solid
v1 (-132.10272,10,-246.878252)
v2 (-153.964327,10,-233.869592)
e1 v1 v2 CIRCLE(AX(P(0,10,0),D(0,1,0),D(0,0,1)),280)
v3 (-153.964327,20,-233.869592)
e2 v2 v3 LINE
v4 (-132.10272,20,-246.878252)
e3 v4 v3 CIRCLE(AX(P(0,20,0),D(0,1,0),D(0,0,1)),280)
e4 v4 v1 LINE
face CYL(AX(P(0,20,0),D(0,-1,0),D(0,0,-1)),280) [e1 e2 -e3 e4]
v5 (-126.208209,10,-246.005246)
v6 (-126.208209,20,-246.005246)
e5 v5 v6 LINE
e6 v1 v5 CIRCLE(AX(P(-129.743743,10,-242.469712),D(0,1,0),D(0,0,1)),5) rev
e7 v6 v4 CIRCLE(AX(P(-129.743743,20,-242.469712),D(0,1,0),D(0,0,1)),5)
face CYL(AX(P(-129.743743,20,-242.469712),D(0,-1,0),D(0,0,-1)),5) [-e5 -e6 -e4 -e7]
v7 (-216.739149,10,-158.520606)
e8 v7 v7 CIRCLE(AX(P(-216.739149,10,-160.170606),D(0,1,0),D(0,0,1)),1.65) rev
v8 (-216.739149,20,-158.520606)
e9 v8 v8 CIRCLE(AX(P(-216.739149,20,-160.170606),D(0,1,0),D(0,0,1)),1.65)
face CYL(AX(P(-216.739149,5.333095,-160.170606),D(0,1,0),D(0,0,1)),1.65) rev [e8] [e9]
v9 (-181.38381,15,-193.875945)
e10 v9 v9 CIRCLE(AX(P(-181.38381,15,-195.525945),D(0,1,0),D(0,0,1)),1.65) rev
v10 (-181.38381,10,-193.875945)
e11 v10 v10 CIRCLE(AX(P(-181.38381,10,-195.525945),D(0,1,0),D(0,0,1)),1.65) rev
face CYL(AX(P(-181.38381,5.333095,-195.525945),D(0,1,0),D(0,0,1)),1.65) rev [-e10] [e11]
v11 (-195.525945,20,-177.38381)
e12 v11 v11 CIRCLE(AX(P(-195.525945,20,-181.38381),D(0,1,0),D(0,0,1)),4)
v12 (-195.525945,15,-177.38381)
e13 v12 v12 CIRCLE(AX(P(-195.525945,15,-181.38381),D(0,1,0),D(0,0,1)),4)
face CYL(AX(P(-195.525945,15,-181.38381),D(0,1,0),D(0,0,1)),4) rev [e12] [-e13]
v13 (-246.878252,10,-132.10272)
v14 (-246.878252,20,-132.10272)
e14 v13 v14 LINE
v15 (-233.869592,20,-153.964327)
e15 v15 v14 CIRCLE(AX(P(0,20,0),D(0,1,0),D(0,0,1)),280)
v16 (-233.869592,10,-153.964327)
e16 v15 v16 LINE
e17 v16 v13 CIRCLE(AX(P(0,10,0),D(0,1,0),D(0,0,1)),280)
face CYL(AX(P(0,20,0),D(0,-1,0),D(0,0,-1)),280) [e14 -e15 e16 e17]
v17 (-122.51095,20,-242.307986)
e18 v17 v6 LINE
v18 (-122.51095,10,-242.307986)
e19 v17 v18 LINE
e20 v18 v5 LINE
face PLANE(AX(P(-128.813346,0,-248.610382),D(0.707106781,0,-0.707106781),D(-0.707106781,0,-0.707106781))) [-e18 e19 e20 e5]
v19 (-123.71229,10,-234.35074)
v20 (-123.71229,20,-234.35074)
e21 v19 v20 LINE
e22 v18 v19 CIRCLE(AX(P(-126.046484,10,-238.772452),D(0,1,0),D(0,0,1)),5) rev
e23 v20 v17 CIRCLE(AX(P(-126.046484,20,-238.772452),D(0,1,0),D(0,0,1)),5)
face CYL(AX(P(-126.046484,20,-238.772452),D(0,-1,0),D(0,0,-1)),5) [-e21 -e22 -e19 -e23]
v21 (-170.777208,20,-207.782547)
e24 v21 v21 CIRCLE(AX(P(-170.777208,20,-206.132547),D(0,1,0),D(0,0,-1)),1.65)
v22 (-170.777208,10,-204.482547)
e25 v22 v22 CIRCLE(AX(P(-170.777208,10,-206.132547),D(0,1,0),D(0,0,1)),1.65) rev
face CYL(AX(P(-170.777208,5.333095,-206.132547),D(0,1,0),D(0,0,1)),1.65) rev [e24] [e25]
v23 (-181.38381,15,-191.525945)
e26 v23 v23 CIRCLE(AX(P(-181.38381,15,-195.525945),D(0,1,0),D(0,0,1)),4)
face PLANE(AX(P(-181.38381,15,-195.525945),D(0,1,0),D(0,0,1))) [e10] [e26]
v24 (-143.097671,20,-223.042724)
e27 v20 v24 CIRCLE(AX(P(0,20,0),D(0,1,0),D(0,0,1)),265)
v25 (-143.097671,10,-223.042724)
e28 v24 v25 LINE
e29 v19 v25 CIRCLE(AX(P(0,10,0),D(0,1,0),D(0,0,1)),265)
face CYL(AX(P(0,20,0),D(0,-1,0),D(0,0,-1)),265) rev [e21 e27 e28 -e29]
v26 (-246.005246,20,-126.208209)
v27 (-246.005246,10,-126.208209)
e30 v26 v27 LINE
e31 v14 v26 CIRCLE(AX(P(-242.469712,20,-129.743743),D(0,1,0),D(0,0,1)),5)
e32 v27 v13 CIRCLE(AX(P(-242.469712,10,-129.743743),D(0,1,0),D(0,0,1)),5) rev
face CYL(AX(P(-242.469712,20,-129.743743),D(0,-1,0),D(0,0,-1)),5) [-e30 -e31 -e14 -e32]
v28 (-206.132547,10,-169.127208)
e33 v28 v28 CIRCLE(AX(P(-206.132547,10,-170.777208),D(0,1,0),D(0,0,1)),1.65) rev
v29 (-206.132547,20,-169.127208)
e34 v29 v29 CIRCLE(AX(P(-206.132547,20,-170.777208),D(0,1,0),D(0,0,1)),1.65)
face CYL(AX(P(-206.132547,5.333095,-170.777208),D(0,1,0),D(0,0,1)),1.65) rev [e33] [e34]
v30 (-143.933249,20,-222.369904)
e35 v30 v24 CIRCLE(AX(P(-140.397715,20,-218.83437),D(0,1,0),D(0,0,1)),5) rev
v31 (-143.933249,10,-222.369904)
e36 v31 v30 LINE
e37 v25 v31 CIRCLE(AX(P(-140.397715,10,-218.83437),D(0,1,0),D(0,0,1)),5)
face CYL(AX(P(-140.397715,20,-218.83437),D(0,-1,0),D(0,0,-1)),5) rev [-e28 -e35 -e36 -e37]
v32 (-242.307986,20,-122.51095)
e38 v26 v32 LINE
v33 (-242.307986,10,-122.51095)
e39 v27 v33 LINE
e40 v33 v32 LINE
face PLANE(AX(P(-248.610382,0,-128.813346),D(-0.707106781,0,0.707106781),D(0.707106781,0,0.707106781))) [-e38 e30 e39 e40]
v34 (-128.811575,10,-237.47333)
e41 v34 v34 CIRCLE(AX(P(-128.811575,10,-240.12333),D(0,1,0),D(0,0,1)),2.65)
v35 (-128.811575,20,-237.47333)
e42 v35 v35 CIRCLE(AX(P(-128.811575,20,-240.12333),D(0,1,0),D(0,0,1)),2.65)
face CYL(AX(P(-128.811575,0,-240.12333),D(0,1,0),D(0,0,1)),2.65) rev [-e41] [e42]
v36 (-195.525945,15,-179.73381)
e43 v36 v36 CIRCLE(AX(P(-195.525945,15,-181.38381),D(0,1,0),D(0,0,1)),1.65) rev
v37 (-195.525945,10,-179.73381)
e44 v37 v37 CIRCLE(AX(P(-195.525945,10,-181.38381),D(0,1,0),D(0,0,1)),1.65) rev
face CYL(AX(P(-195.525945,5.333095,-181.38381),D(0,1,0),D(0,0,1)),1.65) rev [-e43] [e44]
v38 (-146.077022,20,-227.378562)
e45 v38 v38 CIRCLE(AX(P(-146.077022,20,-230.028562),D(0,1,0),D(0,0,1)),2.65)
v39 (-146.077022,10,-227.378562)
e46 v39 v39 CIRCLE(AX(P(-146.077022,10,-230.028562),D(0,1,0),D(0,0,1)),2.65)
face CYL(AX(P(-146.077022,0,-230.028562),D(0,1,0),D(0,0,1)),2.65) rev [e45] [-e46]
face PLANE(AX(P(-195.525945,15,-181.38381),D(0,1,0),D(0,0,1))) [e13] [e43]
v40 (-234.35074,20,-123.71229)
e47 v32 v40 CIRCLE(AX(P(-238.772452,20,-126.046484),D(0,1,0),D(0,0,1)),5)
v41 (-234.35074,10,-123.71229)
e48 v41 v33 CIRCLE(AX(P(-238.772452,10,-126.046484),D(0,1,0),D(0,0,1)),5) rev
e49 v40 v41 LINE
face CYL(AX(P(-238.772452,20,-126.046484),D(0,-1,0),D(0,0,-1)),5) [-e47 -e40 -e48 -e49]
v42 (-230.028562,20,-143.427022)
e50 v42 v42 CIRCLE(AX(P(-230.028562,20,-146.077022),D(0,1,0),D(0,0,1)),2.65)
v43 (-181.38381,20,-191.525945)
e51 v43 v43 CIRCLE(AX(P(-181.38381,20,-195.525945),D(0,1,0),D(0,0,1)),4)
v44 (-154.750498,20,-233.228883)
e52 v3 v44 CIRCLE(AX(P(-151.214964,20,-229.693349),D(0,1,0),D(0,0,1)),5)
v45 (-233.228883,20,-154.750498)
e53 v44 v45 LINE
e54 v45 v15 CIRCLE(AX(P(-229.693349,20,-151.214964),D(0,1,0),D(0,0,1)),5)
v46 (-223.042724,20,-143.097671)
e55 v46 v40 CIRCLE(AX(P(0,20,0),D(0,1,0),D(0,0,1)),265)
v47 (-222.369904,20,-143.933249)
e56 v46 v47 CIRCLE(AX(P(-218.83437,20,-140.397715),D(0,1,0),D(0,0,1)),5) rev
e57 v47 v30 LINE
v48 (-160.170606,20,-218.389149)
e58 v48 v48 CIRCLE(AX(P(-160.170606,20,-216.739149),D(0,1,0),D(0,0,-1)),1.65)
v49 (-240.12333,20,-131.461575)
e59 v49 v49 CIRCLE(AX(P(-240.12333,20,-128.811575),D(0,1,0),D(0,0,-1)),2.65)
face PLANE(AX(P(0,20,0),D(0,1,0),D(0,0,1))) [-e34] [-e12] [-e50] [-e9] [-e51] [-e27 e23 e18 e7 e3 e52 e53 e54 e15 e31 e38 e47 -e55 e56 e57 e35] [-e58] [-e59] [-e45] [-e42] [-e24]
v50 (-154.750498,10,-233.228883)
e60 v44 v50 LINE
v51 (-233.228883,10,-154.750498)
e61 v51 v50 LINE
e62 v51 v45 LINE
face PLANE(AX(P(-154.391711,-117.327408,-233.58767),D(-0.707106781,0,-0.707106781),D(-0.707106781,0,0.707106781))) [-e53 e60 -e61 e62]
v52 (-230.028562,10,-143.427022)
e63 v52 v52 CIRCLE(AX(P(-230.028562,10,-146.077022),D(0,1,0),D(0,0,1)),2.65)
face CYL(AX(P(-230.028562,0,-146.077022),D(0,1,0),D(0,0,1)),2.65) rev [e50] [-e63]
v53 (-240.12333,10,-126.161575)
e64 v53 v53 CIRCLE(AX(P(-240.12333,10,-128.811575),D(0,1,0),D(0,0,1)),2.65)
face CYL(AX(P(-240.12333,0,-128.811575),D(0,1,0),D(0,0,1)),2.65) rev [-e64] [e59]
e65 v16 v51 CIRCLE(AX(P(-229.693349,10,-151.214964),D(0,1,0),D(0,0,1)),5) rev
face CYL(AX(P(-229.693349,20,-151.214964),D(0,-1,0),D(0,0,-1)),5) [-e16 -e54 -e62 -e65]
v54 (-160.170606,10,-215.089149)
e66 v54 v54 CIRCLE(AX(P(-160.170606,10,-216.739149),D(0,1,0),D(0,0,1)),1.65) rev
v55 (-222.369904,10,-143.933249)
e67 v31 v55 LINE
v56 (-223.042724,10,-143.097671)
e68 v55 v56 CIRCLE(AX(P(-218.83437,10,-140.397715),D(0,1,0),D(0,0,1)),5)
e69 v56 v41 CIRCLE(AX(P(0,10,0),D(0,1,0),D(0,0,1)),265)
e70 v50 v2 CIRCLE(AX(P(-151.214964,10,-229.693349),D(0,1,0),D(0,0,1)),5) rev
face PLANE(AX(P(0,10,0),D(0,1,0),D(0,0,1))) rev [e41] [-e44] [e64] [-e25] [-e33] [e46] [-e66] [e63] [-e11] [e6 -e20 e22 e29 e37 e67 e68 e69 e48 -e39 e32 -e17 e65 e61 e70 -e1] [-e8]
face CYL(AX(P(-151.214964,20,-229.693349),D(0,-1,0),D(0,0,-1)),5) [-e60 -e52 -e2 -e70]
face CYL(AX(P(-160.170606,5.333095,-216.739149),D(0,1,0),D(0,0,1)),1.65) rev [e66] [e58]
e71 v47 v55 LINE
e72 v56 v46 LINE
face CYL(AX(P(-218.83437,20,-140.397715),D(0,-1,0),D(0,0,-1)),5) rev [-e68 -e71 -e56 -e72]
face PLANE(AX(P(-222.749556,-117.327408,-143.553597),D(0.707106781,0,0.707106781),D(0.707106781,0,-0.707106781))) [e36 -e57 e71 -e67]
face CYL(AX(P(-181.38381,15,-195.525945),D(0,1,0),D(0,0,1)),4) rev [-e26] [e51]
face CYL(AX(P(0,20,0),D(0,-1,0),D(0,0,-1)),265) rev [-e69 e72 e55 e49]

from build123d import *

# Parameters (mm, degrees)
SKETCH_1_R               = 275
SKETCH_1_R_2             = 255
EXTRUDE_1_DEPTH          = 10
EXTRUDE_2_DEPTH          = 10
SKETCH_8_R               = 2.65
SKETCH_8_R_2             = 1.65
SKETCH_8_R_3             = 2.15
CUT_EXTRUDE_1_DEPTH      = 21
SKETCH_9_OUTSIDE_W       = 707.614
SKETCH_9_OUTSIDE_H       = 707.614
CUT_EXTRUDE_2_DEPTH      = 21
SKETCH_10_W              = 777.504065726
SKETCH_10_H              = 20
CUT_EXTRUDE_3_DEPTH      = 276
CUT_EXTRUDE_3_DEPTH_BACK = 276
EXTRUDE_3_DEPTH          = 10
CUT_EXTRUDE_4_DEPTH      = 10
SKETCH_13_R              = 1.65
CUT_EXTRUDE_5_DEPTH      = 10
CUT_EXTRUDE_START        = -10
SKETCH_14_R              = 4
CUT_EXTRUDE_6_DEPTH      = 5
FILLET_1_R               = 5


with BuildPart() as part:
    # 草图1 → 凸台-拉伸1 (new body)
    with BuildSketch(Plane(origin=(0, 0, 0), x_dir=(1, 0, 0), z_dir=(0, 1, 0))):
        Circle(SKETCH_1_R)
        Circle(SKETCH_1_R_2, mode=Mode.SUBTRACT)
    extrude(amount=EXTRUDE_1_DEPTH)

    # 草图10 → 切除-拉伸3 (cut, two sides)
    with BuildSketch(Plane.XY) as cut_extrude_3_sk:
        Rectangle(SKETCH_10_W, SKETCH_10_H)
    extrude(amount=CUT_EXTRUDE_3_DEPTH, mode=Mode.SUBTRACT)
    extrude(cut_extrude_3_sk.sketch, amount=-CUT_EXTRUDE_3_DEPTH_BACK, mode=Mode.SUBTRACT)


with BuildPart() as body_2:
    # 草图2 → 凸台-拉伸2 (new body)
    with BuildSketch(Plane(origin=(0, 10, 0), x_dir=(1, 0, 0), z_dir=(0, 1, 0))):
        with BuildLine():
            Line((-110.525139894, 257.262887824), (-25.423255477, 200))
            Line((-25.423255477, 200), (0, 200))
            Line((0, 200), (25.423255477, 200))
            Line((25.423255477, 200), (110.525139894, 257.262887824))
            ThreePointArc((110.525139894, 257.262887824), (197.989898732, 197.989898732), (257.262887824, 110.525139894))
            Line((257.262887824, 110.525139894), (200, 25.423255477))
            Line((200, 25.423255477), (200, 0))
            Line((200, 0), (200, -25.423255477))
            Line((200, -25.423255477), (257.262887824, -110.525139894))
            ThreePointArc((257.262887824, -110.525139894), (197.989898732, -197.989898732), (110.525139894, -257.262887824))
            Line((110.525139894, -257.262887824), (25.423255477, -200))
            Line((25.423255477, -200), (0, -200))
            Line((0, -200), (-25.423255477, -200))
            Line((-25.423255477, -200), (-110.525139894, -257.262887824))
            ThreePointArc((-110.525139894, -257.262887824), (-197.989898732, -197.989898732), (-257.262887824, -110.525139894))
            Line((-257.262887824, -110.525139894), (-200, -25.423255477))
            Line((-200, -25.423255477), (-200, 25.423255477))
            Line((-200, 25.423255477), (-257.262887824, 110.525139894))
            ThreePointArc((-257.262887824, 110.525139894), (-197.989898732, 197.989898732), (-110.525139894, 257.262887824))
        make_face()
        with BuildLine():
            Line((0, 185), (30, 185))
            Line((30, 185), (111.993839361, 240.171563565))
            ThreePointArc((111.993839361, 240.171563565), (187.383297014, 187.383297014), (240.171563565, 111.993839361))
            Line((240.171563565, 111.993839361), (185, 30))
            Line((185, 30), (185, 0))
            Line((185, 0), (185, -30))
            Line((185, -30), (240.171563565, -111.993839361))
            ThreePointArc((240.171563565, -111.993839361), (187.383297014, -187.383297014), (111.993839361, -240.171563565))
            Line((111.993839361, -240.171563565), (30, -185))
            Line((30, -185), (0, -185))
            Line((0, -185), (-30, -185))
            Line((-30, -185), (-111.993839361, -240.171563565))
            ThreePointArc((-111.993839361, -240.171563565), (-187.383297014, -187.383297014), (-240.171563565, -111.993839361))
            Line((-240.171563565, -111.993839361), (-185, -30))
            Line((-185, -30), (-185, 30))
            Line((-185, 30), (-240.171563565, 111.993839361))
            ThreePointArc((-240.171563565, 111.993839361), (-187.383297014, 187.383297014), (-111.993839361, 240.171563565))
            Line((-111.993839361, 240.171563565), (-30, 185))
            Line((-30, 185), (0, 185))
        make_face(mode=Mode.SUBTRACT)
    extrude(amount=EXTRUDE_2_DEPTH)

    # 草图8 → 切除-拉伸1 (cut, through all)
    with BuildSketch(Plane(origin=(0, 20, 0), x_dir=(1, 0, 0), z_dir=(0, 1, 0))):
        with Locations((-10, 192.5)):
            Circle(SKETCH_8_R)
        with Locations((10, 192.5)):
            Circle(SKETCH_8_R)
        with Locations((-10, -192.5)):
            Circle(SKETCH_8_R)
        with Locations((10, -192.5)):
            Circle(SKETCH_8_R)
        with Locations((192.5, 10)):
            Circle(SKETCH_8_R)
        with Locations((192.5, -10)):
            Circle(SKETCH_8_R)
        with Locations((-192.5, 10)):
            Circle(SKETCH_8_R)
        with Locations((-192.5, -10)):
            Circle(SKETCH_8_R)
        with Locations((-110.525139894, 248.223100485)):
            Circle(SKETCH_8_R_2)
        with Locations((-27.711627738, 192.5)):
            Circle(SKETCH_8_R_3)
        with Locations((-44.304938442, 203.665215623)):
            Circle(SKETCH_8_R_3)
        with Locations((-56.749921469, 212.03912734)):
            Circle(SKETCH_8_R_3)
        with Locations((-69.194904497, 220.413039057)):
            Circle(SKETCH_8_R_3)
        with Locations((-81.639887524, 228.786950774)):
            Circle(SKETCH_8_R_3)
        with Locations((-146.077022117, 230.028561882)):
            Circle(SKETCH_8_R)
        with Locations((-164.415519771, 217.299729706)):
            Circle(SKETCH_8_R)
        with Locations((-183.638937552, 201.316607082)):
            Circle(SKETCH_8_R)
        with Locations((-201.316607082, 183.638937552)):
            Circle(SKETCH_8_R)
        with Locations((-217.299729706, 164.415519771)):
            Circle(SKETCH_8_R)
        with Locations((-230.028561882, 146.077022117)):
            Circle(SKETCH_8_R)
        with Locations((-128.811575358, 240.123330241)):
            Circle(SKETCH_8_R)
        with Locations((-240.123330241, 128.811575358)):
            Circle(SKETCH_8_R)
        with Locations((-228.786950774, 81.639887524)):
            Circle(SKETCH_8_R_3)
        with Locations((-220.413039057, 69.194904497)):
            Circle(SKETCH_8_R_3)
        with Locations((-212.03912734, 56.749921469)):
            Circle(SKETCH_8_R_3)
        with Locations((-203.665215623, 44.304938442)):
            Circle(SKETCH_8_R_3)
        with Locations((-192.5, 27.711627738)):
            Circle(SKETCH_8_R_3)
        with Locations((-248.223100485, 110.525139894)):
            Circle(SKETCH_8_R_2)
        with Locations((192.5, 27.711627738)):
            Circle(SKETCH_8_R_3)
        with Locations((248.223100485, 110.525139894)):
            Circle(SKETCH_8_R_2)
        with Locations((203.665215623, 44.304938442)):
            Circle(SKETCH_8_R_3)
        with Locations((212.03912734, 56.749921469)):
            Circle(SKETCH_8_R_3)
        with Locations((220.413039057, 69.194904497)):
            Circle(SKETCH_8_R_3)
        with Locations((228.786950774, 81.639887524)):
            Circle(SKETCH_8_R_3)
        with Locations((240.123330241, 128.811575358)):
            Circle(SKETCH_8_R)
        with Locations((230.028561882, 146.077022117)):
            Circle(SKETCH_8_R)
        with Locations((128.811575358, 240.123330241)):
            Circle(SKETCH_8_R)
        with Locations((201.316607082, 183.638937552)):
            Circle(SKETCH_8_R)
        with Locations((183.638937552, 201.316607082)):
            Circle(SKETCH_8_R)
        with Locations((164.415519771, 217.299729706)):
            Circle(SKETCH_8_R)
        with Locations((146.077022117, 230.028561882)):
            Circle(SKETCH_8_R)
        with Locations((81.639887524, 228.786950774)):
            Circle(SKETCH_8_R_3)
        with Locations((69.194904497, 220.413039057)):
            Circle(SKETCH_8_R_3)
        with Locations((56.749921469, 212.03912734)):
            Circle(SKETCH_8_R_3)
        with Locations((44.304938442, 203.665215623)):
            Circle(SKETCH_8_R_3)
        with Locations((110.525139894, 248.223100485)):
            Circle(SKETCH_8_R_2)
        with Locations((27.711627738, 192.5)):
            Circle(SKETCH_8_R_3)
        with Locations((217.299729706, 164.415519771)):
            Circle(SKETCH_8_R)
    extrude(amount=-CUT_EXTRUDE_1_DEPTH, mode=Mode.SUBTRACT)

    # 草图9 outside → 切除-拉伸2 (cut, through all)
    with BuildSketch(Plane(origin=(0, 20, 0), x_dir=(1, 0, 0), z_dir=(0, 1, 0))):
        Rectangle(SKETCH_9_OUTSIDE_W, SKETCH_9_OUTSIDE_H)
        with BuildLine():
            Line((-128.813345638, 248.610381894), (-117.653354647, 237.450390904))
            ThreePointArc((-117.653354647, 237.450390904), (-187.383297014, 187.383297014), (-237.450390904, 117.653354647))
            Line((-237.450390904, 117.653354647), (-248.610381894, 128.813345638))
            ThreePointArc((-248.610381894, 128.813345638), (-197.989898732, 197.989898732), (-128.813345638, 248.610381894))
        make_face(mode=Mode.SUBTRACT)
    extrude(amount=-CUT_EXTRUDE_2_DEPTH, mode=Mode.SUBTRACT)

    # 草图11 → 凸台-拉伸3 (add)
    with BuildSketch(Plane(origin=(0, 20, 0), x_dir=(1, 0, 0), z_dir=(0, 1, 0))):
        Polygon((-222.749556316, 143.553596823), (-233.587670194, 154.391710701), (-154.391710701, 233.587670194), (-143.553596823, 222.749556316), align=None)
    extrude(amount=-EXTRUDE_3_DEPTH)

    # 草图12 → 切除-拉伸4 (cut)
    with BuildSketch(Plane(origin=(0, 20, 0), x_dir=(1, 0, 0), z_dir=(0, 1, 0))):
        with BuildLine():
            Line((-233.587670194, 154.391710701), (-154.391710701, 233.587670194))
            ThreePointArc((-154.391710701, 233.587670194), (-197.989898732, 197.989898732), (-233.587670194, 154.391710701))
        make_face()
    extrude(amount=-CUT_EXTRUDE_4_DEPTH, mode=Mode.SUBTRACT)

    # 草图13 → 切除-拉伸5 (cut)
    with BuildSketch(Plane(origin=(0, 20, 0), x_dir=(1, 0, 0), z_dir=(0, 1, 0))):
        with Locations((-195.525945241, 181.383809617)):
            Circle(SKETCH_13_R)
        with Locations((-206.132546958, 170.777207899)):
            Circle(SKETCH_13_R)
        with Locations((-216.739148676, 160.170606181)):
            Circle(SKETCH_13_R)
        with Locations((-181.383809617, 195.525945241)):
            Circle(SKETCH_13_R)
        with Locations((-170.777207899, 206.132546958)):
            Circle(SKETCH_13_R)
        with Locations((-160.170606181, 216.739148676)):
            Circle(SKETCH_13_R)
    extrude(amount=-CUT_EXTRUDE_5_DEPTH, mode=Mode.SUBTRACT)

    # 草图14 → 切除-拉伸6 (cut)
    with BuildSketch(Plane.XZ.offset(-10).offset(CUT_EXTRUDE_START)):
        with Locations((-181.383809617, -195.525945241)):
            Circle(SKETCH_14_R)
        with Locations((-195.525945241, -181.383809617)):
            Circle(SKETCH_14_R)
    extrude(amount=CUT_EXTRUDE_6_DEPTH, mode=Mode.SUBTRACT)

    # 圆角1
    fillet_1_edges = [body_2.edges().sort_by_distance(p)[0] for p in [
        (-237.450390904, 15, -117.653354647),
        (-117.653354647, 15, -237.450390904),
        (-128.813345638, 15, -248.610381894),
        (-248.610381894, 15, -128.813345638),
        (-143.553596823, 15, -222.749556316),
        (-222.749556316, 15, -143.553596823),
        (-154.391710701, 15, -233.587670194),
        (-233.587670194, 15, -154.391710701),
    ]]
    fillet(fillet_1_edges, radius=FILLET_1_R)


solid = body_2.part
